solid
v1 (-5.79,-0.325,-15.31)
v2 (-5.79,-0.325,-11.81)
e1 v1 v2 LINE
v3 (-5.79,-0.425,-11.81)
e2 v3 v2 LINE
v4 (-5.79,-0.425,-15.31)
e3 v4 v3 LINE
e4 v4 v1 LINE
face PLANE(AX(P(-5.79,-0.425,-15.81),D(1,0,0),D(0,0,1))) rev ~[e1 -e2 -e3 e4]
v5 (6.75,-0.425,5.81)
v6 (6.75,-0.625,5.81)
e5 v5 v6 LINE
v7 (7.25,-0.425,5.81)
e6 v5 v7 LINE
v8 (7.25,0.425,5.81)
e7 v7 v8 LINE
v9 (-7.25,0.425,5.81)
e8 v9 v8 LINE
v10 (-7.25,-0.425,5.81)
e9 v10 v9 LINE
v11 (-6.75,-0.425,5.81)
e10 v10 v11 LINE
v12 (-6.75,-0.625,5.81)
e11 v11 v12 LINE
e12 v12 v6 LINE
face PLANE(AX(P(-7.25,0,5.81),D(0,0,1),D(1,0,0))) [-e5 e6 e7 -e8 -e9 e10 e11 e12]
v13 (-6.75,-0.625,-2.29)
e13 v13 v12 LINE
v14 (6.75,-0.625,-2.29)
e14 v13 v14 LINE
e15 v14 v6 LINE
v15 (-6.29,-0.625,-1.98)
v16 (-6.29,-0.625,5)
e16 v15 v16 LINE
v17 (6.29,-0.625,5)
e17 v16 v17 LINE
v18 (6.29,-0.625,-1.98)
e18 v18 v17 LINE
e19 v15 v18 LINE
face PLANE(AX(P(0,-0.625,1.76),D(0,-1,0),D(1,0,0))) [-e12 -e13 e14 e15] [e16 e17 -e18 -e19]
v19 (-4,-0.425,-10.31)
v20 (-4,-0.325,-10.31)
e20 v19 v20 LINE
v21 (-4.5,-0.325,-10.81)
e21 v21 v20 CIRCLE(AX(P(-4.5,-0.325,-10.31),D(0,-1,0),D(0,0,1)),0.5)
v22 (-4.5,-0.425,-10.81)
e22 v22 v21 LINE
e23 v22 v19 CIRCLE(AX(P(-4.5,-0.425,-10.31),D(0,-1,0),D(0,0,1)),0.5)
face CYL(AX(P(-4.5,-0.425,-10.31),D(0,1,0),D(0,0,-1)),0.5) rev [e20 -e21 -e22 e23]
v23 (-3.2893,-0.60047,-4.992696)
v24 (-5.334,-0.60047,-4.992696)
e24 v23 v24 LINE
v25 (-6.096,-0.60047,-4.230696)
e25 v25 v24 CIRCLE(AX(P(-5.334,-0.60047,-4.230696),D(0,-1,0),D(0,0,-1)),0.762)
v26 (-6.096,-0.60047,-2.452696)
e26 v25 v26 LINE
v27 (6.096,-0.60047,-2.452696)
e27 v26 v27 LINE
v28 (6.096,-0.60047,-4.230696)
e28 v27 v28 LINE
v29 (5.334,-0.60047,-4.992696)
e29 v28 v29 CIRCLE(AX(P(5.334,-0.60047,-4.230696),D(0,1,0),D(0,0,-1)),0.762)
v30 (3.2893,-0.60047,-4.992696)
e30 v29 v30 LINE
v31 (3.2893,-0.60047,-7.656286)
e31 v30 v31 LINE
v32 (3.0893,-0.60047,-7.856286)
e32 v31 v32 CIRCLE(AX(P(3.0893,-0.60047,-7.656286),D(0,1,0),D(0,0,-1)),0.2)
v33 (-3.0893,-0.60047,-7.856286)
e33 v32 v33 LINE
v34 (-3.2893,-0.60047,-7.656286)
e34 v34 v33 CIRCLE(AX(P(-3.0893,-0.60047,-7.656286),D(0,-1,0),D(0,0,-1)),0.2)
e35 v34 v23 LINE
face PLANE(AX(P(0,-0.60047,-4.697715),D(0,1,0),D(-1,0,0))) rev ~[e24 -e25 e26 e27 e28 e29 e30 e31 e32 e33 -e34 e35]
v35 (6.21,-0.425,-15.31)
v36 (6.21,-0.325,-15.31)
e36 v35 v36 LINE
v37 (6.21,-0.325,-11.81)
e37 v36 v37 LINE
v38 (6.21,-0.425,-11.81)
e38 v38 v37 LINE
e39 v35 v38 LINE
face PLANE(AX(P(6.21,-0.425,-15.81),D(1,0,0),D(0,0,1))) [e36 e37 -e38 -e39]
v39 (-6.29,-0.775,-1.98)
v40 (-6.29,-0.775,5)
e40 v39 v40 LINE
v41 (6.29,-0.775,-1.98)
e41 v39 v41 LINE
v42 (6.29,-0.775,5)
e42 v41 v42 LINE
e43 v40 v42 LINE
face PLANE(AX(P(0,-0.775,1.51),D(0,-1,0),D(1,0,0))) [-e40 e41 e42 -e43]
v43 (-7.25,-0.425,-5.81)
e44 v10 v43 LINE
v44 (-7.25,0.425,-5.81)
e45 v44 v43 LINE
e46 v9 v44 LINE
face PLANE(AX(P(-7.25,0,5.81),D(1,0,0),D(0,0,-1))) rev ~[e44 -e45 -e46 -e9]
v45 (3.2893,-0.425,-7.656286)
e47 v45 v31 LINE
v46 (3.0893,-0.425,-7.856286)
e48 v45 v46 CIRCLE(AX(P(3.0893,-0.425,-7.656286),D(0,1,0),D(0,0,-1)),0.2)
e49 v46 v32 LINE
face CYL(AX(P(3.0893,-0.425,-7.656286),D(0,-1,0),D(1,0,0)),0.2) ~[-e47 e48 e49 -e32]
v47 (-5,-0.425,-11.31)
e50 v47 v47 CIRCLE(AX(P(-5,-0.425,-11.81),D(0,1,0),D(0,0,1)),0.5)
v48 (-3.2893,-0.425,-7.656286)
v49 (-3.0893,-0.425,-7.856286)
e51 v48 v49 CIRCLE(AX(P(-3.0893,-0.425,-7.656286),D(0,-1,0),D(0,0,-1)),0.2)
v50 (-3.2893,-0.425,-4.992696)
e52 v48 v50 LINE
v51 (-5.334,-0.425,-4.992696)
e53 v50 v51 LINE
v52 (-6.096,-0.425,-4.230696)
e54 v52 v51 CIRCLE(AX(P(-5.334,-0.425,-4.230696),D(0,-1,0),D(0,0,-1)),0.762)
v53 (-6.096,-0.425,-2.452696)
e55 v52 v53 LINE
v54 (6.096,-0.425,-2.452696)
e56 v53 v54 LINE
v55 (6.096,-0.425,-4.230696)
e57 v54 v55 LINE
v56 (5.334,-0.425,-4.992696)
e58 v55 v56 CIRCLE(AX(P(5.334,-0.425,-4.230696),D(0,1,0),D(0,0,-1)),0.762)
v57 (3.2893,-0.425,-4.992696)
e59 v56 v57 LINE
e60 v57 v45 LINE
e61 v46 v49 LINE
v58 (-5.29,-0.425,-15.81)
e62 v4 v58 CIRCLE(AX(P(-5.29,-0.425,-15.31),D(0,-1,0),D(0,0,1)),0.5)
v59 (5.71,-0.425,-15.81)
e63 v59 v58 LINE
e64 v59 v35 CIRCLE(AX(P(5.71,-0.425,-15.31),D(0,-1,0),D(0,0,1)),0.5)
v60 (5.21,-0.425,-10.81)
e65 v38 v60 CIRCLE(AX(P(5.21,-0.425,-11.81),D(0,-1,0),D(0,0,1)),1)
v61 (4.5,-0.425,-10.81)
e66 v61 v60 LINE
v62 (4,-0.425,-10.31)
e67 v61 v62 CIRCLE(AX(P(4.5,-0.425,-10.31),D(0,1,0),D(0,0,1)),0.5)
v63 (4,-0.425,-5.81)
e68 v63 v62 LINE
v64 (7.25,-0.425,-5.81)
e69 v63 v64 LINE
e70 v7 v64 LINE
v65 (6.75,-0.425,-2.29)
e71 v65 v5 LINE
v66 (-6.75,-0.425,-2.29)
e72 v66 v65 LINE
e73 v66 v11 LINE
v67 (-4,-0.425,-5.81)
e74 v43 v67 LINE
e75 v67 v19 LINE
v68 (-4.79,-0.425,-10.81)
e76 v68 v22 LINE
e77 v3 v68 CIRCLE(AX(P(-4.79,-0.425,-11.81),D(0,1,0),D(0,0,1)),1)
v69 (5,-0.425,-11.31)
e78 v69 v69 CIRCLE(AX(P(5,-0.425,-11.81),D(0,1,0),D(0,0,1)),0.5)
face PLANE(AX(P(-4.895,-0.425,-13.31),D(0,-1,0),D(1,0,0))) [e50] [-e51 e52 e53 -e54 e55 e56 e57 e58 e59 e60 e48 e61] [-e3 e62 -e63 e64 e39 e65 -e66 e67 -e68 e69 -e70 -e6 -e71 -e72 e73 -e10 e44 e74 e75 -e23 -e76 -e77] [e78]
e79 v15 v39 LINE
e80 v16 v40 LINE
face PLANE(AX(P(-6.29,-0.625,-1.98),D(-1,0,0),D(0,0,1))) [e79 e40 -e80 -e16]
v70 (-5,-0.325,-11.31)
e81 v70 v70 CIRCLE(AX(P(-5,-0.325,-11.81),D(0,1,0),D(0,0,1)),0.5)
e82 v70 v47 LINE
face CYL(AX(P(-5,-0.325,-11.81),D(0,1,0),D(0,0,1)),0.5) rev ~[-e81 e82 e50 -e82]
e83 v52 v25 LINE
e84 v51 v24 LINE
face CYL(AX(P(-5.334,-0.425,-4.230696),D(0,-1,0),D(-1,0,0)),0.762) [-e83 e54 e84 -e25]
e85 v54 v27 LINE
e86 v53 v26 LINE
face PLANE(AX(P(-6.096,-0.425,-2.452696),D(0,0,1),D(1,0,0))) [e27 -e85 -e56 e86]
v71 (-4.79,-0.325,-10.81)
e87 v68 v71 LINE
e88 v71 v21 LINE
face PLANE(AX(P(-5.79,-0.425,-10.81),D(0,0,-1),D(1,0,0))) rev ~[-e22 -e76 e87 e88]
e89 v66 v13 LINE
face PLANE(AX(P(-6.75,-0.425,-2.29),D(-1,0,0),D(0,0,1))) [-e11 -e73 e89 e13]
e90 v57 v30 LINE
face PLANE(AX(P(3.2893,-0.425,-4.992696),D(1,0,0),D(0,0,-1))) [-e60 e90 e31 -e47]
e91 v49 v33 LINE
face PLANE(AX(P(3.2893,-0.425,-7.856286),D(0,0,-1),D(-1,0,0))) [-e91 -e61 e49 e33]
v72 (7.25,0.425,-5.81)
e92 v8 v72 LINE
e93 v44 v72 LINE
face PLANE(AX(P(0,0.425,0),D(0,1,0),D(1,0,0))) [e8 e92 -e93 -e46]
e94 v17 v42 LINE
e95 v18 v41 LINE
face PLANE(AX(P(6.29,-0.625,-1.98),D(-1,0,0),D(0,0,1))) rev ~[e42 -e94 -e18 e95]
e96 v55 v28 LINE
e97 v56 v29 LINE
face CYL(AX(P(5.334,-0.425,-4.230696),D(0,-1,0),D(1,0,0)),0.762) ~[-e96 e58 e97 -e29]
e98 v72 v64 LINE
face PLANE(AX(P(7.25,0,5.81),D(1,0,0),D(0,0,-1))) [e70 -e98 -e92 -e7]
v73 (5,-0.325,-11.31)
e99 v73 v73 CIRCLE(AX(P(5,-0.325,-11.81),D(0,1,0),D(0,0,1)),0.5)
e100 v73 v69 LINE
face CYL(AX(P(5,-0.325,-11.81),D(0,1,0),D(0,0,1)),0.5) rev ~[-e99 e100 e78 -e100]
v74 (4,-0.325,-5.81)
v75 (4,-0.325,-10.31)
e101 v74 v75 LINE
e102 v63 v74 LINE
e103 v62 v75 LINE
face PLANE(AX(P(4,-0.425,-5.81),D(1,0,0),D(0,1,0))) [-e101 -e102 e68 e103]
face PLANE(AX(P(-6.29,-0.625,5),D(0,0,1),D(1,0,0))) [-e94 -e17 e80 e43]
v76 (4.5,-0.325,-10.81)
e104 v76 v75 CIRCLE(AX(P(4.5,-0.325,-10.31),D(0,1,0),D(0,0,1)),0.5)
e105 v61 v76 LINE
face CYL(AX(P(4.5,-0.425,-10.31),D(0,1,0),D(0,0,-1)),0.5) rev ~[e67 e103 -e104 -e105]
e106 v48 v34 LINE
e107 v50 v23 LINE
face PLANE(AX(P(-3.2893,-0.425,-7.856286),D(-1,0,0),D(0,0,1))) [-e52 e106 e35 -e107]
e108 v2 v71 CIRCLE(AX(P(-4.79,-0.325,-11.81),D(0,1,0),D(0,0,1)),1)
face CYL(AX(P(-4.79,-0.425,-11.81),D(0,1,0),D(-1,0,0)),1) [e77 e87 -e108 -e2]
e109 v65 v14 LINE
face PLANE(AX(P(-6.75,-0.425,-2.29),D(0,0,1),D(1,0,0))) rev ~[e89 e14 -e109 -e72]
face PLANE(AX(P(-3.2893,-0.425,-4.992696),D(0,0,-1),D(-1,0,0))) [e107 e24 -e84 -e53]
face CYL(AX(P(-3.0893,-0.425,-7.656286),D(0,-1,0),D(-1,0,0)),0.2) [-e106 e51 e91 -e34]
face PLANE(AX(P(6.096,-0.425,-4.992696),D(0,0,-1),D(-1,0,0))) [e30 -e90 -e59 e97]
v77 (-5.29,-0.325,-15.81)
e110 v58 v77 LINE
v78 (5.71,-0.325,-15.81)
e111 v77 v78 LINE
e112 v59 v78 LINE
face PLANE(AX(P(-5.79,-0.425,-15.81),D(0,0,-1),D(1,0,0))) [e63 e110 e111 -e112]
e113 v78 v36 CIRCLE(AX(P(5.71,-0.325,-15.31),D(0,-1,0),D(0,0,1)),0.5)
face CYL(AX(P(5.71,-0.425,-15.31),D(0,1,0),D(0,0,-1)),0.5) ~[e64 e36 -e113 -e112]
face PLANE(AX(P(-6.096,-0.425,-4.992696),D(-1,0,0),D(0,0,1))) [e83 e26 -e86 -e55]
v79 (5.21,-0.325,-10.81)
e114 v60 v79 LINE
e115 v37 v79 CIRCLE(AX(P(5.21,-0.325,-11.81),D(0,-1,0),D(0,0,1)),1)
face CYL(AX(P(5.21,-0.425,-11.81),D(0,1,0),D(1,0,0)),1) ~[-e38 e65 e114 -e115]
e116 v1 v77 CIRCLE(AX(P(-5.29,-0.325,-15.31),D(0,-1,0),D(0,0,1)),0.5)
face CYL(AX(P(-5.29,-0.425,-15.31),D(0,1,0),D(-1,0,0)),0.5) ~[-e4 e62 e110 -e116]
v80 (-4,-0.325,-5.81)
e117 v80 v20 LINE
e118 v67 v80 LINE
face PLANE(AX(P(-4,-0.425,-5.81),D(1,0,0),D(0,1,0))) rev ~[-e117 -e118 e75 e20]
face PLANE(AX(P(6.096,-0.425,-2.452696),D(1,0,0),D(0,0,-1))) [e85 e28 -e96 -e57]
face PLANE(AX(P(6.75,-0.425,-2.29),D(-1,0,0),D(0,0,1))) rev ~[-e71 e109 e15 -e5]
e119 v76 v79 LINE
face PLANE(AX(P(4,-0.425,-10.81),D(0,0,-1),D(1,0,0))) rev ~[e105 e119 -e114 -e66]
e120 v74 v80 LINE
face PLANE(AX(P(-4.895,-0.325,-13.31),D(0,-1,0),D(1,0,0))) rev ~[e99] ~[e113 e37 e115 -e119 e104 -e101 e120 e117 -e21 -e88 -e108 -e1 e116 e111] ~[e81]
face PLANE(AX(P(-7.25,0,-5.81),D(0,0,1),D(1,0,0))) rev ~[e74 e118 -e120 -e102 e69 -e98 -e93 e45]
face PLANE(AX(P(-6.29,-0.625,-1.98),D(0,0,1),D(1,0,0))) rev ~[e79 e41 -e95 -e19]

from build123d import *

# Parameters (mm, degrees)
SKETCH2_W           = 14.5
SKETCH2_H           = 11.62
BOSS_EXTRUDE1_DEPTH = 0.425
SKETCH6_W           = 13.5
SKETCH6_H           = 8.1
BOSS_EXTRUDE2_DEPTH = 0.2
SKETCH7_W           = 12.58
SKETCH7_H           = 6.98
BOSS_EXTRUDE3_DEPTH = 0.15
BOSS_EXTRUDE4_DEPTH = 0.17547
FILLET1_R           = 0.762
FILLET2_R           = 0.2
SKETCH13_W          = 8
SKETCH13_H          = 0.1
BOSS_EXTRUDE5_DEPTH = 10
SKETCH20_W          = 1.79
SKETCH20_H          = 5
SKETCH20_W_2        = 2.21
BOSS_EXTRUDE6_DEPTH = 0.1
SKETCH23_R          = 0.5
CUT_EXTRUDE1_DEPTH  = 0.1
FILLET3_R           = 1
FILLET4_R           = 0.5
FILLET5_R           = 0.5


with BuildPart() as part:
    # Sketch2 → Boss-Extrude1 (new, symmetric)
    with BuildSketch(Plane(origin=(0, 0, 0), x_dir=(1, 0, 0), z_dir=(0, 1, 0))):
        Rectangle(SKETCH2_W, SKETCH2_H)
    extrude(amount=BOSS_EXTRUDE1_DEPTH, both=True)

    # Sketch6 → Boss-Extrude2 (add)
    with BuildSketch(Plane.XZ.offset(0.425)):
        with Locations((0, 1.76)):
            Rectangle(SKETCH6_W, SKETCH6_H)
    extrude(amount=BOSS_EXTRUDE2_DEPTH)

    # Sketch7 → Boss-Extrude3 (add)
    with BuildSketch(Plane.XZ.offset(0.625)):
        with Locations((0, 1.51)):
            Rectangle(SKETCH7_W, SKETCH7_H)
    extrude(amount=BOSS_EXTRUDE3_DEPTH)

    # Sketch9 → Boss-Extrude4 (add)
    with BuildSketch(Plane.XZ.offset(0.425)):
        Polygon((-6.096, -2.452696), (6.096, -2.452696), (6.096, -4.992696), (3.2893, -4.992696), (3.2893, -7.856286), (-3.2893, -7.856286), (-3.2893, -4.992696), (-6.096, -4.992696), align=None)
    extrude(amount=BOSS_EXTRUDE4_DEPTH)

    # Fillet1
    fillet1_edges = [part.edges().sort_by_distance(p)[0] for p in [
        (6.096, -0.512735, -4.992696),
        (-6.096, -0.512735, -4.992696),
    ]]
    fillet(fillet1_edges, radius=FILLET1_R)

    # Fillet2
    fillet2_edges = [part.edges().sort_by_distance(p)[0] for p in [
        (-3.2893, -0.512735, -7.856286),
        (3.2893, -0.512735, -7.856286),
    ]]
    fillet(fillet2_edges, radius=FILLET2_R)

    # Sketch13 → Boss-Extrude5 (add)
    with BuildSketch(Plane(origin=(0, 0, -5.81), x_dir=(-1, 0, 0), z_dir=(0, 0, -1))):
        with Locations((0, -0.375)):
            Rectangle(SKETCH13_W, SKETCH13_H)
    extrude(amount=BOSS_EXTRUDE5_DEPTH)

    # Sketch20 → Boss-Extrude6 (add)
    with BuildSketch(Plane.XZ.offset(0.425)):
        with Locations((-4.895, -13.31)):
            Rectangle(SKETCH20_W, SKETCH20_H)
        with Locations((5.105, -13.31)):
            Rectangle(SKETCH20_W_2, SKETCH20_H)
    extrude(amount=-BOSS_EXTRUDE6_DEPTH)

    # Sketch23 → Cut-Extrude1 (cut)
    with BuildSketch(Plane(origin=(0, -0.325, 0), x_dir=(1, 0, 0), z_dir=(0, 1, 0))):
        with Locations(Location((5, 11.81, 0), (0, 0, 270))):
            Circle(SKETCH23_R)
        with Locations(Location((-5, 11.81, 0), (0, 0, 270))):
            Circle(SKETCH23_R)
    extrude(amount=-CUT_EXTRUDE1_DEPTH, mode=Mode.SUBTRACT)

    # Fillet3
    fillet3_edges = [part.edges().sort_by_distance(p)[0] for p in [
        (-5.79, -0.375, -10.81),
        (6.21, -0.375, -10.81),
    ]]
    fillet(fillet3_edges, radius=FILLET3_R)

    # Fillet4
    fillet4_edges = [part.edges().sort_by_distance(p)[0] for p in [
        (-5.79, -0.375, -15.81),
        (6.21, -0.375, -15.81),
    ]]
    fillet(fillet4_edges, radius=FILLET4_R)

    # Fillet5
    fillet5_edges = [part.edges().sort_by_distance(p)[0] for p in [
        (-4, -0.375, -10.81),
        (4, -0.375, -10.81),
    ]]
    fillet(fillet5_edges, radius=FILLET5_R)


solid = part.part
